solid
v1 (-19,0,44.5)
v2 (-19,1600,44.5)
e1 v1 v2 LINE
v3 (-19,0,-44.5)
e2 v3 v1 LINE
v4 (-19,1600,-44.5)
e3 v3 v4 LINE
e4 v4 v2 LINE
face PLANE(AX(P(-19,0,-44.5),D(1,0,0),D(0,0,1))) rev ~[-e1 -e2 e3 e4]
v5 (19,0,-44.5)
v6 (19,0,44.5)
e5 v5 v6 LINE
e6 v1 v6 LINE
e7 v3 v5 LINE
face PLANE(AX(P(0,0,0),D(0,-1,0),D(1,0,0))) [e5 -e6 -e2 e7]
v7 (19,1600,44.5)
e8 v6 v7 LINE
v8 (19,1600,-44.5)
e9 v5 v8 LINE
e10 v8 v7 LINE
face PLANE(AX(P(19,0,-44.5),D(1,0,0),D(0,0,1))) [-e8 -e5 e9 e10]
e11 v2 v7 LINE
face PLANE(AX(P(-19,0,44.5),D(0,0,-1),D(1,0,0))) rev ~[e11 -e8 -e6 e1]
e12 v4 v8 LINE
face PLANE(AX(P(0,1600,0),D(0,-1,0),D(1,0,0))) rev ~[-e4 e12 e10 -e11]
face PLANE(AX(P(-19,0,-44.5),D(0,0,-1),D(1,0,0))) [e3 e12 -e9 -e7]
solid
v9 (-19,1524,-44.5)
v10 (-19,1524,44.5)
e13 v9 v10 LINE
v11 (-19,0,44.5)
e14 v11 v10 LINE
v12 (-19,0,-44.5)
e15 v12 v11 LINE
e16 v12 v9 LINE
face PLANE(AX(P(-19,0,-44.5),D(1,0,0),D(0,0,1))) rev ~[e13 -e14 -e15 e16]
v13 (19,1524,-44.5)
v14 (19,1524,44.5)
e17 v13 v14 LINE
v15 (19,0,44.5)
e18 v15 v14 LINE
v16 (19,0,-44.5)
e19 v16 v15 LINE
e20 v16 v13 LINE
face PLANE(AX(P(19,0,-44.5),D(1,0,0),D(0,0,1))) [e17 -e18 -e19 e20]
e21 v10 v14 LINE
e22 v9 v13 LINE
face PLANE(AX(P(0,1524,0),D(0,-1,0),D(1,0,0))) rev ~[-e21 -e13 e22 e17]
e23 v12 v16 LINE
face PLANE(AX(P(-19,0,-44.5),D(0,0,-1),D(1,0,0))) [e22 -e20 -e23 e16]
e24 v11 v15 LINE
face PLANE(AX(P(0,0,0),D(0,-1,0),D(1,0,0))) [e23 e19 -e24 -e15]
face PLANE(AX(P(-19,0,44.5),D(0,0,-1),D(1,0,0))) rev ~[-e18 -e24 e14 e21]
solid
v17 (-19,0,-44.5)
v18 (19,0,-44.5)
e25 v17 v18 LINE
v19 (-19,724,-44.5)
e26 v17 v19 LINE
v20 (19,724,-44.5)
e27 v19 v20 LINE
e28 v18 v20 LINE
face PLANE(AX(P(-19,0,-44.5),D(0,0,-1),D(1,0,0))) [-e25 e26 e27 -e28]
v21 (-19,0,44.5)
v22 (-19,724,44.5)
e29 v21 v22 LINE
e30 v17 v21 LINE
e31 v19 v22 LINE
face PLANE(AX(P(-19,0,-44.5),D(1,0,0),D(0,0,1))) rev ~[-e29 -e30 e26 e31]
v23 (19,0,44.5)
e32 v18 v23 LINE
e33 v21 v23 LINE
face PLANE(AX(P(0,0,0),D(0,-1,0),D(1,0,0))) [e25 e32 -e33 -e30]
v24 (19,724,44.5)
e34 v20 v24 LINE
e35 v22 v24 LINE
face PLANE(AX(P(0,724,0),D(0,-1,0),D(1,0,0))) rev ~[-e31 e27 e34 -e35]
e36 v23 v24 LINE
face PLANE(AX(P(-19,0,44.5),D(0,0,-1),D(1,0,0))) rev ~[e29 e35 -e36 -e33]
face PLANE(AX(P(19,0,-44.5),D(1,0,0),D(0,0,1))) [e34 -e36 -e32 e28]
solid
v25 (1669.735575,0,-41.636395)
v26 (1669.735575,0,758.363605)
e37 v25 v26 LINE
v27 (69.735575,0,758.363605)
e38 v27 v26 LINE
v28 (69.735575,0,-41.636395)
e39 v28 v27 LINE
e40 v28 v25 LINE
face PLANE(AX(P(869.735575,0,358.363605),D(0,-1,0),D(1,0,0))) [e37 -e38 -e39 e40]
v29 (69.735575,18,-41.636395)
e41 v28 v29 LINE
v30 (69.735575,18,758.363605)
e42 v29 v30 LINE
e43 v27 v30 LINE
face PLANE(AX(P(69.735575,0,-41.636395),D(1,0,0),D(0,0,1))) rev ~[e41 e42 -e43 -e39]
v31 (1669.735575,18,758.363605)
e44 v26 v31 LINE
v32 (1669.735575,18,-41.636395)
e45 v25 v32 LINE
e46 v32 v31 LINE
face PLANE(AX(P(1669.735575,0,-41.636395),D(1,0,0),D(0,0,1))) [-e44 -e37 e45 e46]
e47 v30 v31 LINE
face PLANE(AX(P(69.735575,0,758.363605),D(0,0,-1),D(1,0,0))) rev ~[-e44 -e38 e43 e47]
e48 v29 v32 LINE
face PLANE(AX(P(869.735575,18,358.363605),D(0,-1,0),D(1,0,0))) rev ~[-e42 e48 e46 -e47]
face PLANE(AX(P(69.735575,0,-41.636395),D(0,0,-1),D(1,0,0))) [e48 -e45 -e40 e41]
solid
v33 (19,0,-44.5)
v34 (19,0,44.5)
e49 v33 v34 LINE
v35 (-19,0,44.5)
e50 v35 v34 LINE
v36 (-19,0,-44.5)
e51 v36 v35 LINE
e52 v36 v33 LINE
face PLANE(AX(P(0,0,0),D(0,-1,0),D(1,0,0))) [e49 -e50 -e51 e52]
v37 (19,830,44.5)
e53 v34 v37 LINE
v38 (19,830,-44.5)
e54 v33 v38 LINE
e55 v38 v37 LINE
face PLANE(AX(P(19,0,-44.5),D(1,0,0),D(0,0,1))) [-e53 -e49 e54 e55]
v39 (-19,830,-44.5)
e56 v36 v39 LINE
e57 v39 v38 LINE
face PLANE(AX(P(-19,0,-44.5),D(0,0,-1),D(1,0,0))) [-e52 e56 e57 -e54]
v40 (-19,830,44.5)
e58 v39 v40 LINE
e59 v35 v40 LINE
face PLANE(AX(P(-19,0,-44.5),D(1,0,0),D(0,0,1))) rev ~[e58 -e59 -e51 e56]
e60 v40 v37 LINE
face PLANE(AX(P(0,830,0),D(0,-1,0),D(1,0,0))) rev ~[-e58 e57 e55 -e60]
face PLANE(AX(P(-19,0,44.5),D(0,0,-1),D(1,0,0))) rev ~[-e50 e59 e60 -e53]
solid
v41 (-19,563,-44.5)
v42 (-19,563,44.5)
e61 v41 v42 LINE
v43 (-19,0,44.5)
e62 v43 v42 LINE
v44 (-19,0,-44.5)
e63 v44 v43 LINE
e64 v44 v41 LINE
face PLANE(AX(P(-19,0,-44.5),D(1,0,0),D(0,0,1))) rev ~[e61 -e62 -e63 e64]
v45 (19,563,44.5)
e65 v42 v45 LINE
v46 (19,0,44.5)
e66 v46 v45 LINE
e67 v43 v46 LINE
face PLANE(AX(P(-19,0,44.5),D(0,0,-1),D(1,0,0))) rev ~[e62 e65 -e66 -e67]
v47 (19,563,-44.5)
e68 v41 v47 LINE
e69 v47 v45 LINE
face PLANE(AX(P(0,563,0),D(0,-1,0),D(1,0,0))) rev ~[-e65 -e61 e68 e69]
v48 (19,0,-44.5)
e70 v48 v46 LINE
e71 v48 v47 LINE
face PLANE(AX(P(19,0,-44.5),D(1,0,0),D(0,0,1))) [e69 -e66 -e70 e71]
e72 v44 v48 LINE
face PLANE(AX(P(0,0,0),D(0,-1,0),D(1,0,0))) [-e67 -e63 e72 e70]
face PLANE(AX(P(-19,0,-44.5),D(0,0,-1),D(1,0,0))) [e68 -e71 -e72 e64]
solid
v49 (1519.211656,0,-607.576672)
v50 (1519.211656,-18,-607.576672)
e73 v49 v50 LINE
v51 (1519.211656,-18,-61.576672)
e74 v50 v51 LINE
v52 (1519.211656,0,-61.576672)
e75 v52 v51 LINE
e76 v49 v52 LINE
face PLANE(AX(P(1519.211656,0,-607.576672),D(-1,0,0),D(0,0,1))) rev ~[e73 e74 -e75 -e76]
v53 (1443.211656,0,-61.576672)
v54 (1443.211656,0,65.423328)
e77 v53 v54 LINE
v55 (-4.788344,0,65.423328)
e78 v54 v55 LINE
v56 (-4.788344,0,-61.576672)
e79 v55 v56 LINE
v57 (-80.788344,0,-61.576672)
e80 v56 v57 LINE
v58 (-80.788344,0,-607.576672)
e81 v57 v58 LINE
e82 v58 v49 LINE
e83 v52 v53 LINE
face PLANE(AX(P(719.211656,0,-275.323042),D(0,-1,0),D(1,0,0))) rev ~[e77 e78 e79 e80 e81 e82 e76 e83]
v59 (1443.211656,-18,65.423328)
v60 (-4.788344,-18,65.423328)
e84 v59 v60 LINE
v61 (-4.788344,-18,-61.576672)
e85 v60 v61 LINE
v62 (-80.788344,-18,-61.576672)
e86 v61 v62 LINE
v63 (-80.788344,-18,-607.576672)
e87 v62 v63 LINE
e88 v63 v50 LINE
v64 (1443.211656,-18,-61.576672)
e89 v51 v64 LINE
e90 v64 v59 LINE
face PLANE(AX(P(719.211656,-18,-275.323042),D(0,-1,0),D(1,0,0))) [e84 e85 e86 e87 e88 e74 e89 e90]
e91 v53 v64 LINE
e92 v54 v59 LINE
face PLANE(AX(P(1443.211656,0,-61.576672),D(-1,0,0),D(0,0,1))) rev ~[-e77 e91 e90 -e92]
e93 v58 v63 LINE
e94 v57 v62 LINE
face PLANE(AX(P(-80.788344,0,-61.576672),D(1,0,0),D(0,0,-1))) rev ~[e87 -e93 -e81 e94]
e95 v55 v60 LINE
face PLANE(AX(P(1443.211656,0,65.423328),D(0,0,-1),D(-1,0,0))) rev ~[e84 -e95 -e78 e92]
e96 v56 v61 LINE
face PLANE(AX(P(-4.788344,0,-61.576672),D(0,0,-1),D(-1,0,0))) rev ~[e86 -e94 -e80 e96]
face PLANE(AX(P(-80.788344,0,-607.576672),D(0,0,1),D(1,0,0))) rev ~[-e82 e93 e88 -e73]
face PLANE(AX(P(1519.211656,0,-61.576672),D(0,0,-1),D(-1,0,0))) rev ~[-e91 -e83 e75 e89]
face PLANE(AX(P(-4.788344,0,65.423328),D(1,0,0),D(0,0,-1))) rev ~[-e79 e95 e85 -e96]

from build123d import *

# Parameters (mm, degrees)
F5_W      = 38
F5_H      = 89
F6_DEPTH  = 1600
F7_DEPTH  = 724
F8_DEPTH  = 830
F9_DEPTH  = 563
F10_W     = 1600
F10_H     = 800
F11_DEPTH = 18
F12_DEPTH = 1524
F14_DEPTH = 18


with BuildPart() as f6:
    # F5 (on Front) → F6 (new body)
    with BuildSketch(Plane.XZ):
        Rectangle(F5_W, F5_H)
    extrude(amount=-F6_DEPTH)


with BuildPart() as f7:
    # F5 (on Front) → F7 (new body)
    with BuildSketch(Plane.XZ):
        Rectangle(F5_W, F5_H)
    extrude(amount=-F7_DEPTH)


with BuildPart() as f8:
    # F5 (on Front) → F8 (new body)
    with BuildSketch(Plane.XZ):
        Rectangle(F5_W, F5_H)
    extrude(amount=-F8_DEPTH)


with BuildPart() as f9:
    # F5 (on Front) → F9 (new body)
    with BuildSketch(Plane.XZ):
        Rectangle(F5_W, F5_H)
    extrude(amount=-F9_DEPTH)


with BuildPart() as f11:
    # F10 (on Front) → F11 (new body)
    with BuildSketch(Plane.XZ):
        with Locations((869.7355747223, 358.3636045456)):
            Rectangle(F10_W, F10_H)
    extrude(amount=-F11_DEPTH)


with BuildPart() as f12:
    # F5 (on Front) → F12 (new body)
    with BuildSketch(Plane.XZ):
        Rectangle(F5_W, F5_H)
    extrude(amount=-F12_DEPTH)


with BuildPart() as f14:
    # F13 (on Front) → F14 (new body)
    with BuildSketch(Plane.XZ):
        Polygon((1443.2116563372, 65.4233279824), (-4.7883436628, 65.4233279824), (-4.7883436628, -61.5766720176), (-80.7883436628, -61.5766720176), (-80.7883436628, -607.5766720176), (1519.2116563372, -607.5766720176), (1519.2116563372, -61.5766720176), (1443.2116563372, -61.5766720176), align=None)
    extrude(amount=F14_DEPTH)


solid = Compound([f6.part, f7.part, f8.part, f9.part, f11.part, f12.part, f14.part])
